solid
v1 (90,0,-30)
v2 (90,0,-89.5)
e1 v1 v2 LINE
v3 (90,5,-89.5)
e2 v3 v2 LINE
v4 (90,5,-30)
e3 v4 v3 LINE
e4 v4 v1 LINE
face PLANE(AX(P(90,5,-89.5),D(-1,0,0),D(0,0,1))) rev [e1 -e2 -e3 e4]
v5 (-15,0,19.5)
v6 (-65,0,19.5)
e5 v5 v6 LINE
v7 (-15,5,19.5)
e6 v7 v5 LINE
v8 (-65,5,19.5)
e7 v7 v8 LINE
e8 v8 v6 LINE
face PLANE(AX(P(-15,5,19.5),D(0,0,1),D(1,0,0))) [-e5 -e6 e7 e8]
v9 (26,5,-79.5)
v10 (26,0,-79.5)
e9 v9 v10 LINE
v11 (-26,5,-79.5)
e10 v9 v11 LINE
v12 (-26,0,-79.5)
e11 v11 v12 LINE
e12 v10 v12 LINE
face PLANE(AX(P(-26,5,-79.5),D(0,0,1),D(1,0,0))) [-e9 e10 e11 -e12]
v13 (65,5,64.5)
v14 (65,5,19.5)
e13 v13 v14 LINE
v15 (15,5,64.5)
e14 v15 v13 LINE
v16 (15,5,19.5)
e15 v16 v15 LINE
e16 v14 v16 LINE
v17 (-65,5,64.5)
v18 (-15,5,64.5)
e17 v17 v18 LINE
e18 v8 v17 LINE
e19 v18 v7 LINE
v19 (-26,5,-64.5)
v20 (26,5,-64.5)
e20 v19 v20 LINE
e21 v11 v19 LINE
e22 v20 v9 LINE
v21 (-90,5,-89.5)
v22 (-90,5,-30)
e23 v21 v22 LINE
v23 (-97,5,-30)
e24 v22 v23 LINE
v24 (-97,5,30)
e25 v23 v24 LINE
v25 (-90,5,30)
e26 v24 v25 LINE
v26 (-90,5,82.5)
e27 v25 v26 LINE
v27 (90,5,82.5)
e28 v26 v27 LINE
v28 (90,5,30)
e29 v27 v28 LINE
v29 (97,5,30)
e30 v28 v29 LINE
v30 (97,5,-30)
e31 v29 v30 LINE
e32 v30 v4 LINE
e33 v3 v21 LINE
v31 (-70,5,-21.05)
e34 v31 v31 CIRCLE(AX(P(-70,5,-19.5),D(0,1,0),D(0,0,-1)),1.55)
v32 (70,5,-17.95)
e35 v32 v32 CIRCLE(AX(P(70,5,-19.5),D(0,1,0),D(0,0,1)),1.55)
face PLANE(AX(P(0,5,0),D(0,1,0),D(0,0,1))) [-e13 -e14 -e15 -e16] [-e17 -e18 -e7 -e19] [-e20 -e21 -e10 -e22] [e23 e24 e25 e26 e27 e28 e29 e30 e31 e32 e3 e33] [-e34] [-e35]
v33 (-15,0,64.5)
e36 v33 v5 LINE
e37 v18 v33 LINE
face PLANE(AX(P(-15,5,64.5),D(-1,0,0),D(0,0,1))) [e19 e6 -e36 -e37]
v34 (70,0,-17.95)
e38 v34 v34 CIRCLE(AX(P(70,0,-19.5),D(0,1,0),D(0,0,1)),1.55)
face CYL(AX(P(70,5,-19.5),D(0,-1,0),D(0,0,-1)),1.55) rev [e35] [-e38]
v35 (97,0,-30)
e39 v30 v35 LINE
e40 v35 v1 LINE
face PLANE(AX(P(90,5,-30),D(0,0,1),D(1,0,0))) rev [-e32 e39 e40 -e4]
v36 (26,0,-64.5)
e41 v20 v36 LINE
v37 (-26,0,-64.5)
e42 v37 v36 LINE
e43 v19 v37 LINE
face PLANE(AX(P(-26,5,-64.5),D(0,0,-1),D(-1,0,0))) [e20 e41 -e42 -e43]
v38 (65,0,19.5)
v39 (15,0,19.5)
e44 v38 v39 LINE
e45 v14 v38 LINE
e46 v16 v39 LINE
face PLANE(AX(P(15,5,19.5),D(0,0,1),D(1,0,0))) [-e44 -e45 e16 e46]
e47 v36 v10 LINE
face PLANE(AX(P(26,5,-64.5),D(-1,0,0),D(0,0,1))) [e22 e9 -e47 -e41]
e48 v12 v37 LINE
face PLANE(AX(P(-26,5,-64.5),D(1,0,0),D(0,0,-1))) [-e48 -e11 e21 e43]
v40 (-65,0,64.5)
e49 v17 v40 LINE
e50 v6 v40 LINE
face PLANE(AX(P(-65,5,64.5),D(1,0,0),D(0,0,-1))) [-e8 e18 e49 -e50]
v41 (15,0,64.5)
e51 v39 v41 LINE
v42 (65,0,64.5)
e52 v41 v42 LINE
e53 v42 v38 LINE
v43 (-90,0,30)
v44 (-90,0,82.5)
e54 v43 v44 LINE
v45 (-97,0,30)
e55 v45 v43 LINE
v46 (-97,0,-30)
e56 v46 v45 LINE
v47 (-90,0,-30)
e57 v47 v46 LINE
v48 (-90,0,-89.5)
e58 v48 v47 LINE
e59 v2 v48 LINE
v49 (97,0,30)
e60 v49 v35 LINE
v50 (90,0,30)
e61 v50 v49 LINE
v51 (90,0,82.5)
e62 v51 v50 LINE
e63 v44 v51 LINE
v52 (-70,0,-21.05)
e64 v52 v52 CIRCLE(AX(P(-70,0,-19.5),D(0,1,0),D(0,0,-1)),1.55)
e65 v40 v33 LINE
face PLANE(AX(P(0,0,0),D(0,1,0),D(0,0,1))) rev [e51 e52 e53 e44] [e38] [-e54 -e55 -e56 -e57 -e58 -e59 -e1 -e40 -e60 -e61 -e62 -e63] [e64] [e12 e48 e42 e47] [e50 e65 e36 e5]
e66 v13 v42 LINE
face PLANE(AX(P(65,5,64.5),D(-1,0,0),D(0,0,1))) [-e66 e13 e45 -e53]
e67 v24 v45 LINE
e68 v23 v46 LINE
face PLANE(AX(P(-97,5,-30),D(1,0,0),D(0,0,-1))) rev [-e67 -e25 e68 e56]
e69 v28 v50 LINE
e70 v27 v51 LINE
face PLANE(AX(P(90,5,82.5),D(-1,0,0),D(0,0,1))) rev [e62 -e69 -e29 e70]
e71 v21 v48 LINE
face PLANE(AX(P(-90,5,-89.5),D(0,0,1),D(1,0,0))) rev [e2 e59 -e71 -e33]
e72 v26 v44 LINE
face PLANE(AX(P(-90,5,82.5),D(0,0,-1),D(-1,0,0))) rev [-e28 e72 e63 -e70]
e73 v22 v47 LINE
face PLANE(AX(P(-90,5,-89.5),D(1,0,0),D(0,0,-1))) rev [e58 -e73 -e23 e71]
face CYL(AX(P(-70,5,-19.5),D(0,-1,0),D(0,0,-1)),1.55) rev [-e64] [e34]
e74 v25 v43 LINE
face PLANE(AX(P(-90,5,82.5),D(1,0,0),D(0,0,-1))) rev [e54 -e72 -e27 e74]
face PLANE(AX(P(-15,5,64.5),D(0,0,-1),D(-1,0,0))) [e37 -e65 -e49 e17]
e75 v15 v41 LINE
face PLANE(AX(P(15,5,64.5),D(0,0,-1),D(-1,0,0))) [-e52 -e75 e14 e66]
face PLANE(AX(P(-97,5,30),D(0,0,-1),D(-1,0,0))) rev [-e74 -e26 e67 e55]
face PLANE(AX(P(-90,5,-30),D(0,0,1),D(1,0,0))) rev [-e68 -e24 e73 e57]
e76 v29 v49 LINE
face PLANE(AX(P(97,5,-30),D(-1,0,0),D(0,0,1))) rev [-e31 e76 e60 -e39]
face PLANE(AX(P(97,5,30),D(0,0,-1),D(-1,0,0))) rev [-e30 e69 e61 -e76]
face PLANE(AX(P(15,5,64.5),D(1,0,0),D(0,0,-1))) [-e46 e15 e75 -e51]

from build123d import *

# Parameters (mm, degrees)
SKETCH1_R           = 1.55
SKETCH1_W           = 52
SKETCH1_H           = 15
SKETCH1_W_2         = 50
SKETCH1_H_2         = 45
BOSS_EXTRUDE1_DEPTH = 5


with BuildPart() as part:
    # Sketch1 → Boss-Extrude1 (new body)
    with BuildSketch(Plane(origin=(0, 0, 0), x_dir=(1, 0, 0), z_dir=(0, 1, 0))):
        Polygon((90, 30), (97, 30), (97, -30), (90, -30), (90, -82.5), (-90, -82.5), (-90, -30), (-97, -30), (-97, 30), (-90, 30), (-90, 89.5), (90, 89.5), align=None)
        with Locations((70, 19.5)):
            Circle(SKETCH1_R, mode=Mode.SUBTRACT)
        with Locations((-70, 19.5)):
            Circle(SKETCH1_R, mode=Mode.SUBTRACT)
        with Locations((0, 72)):
            Rectangle(SKETCH1_W, SKETCH1_H, mode=Mode.SUBTRACT)
        with Locations((-40, -42)):
            Rectangle(SKETCH1_W_2, SKETCH1_H_2, mode=Mode.SUBTRACT)
        with Locations((40, -42)):
            Rectangle(SKETCH1_W_2, SKETCH1_H_2, mode=Mode.SUBTRACT)
    extrude(amount=BOSS_EXTRUDE1_DEPTH)


solid = part.part
